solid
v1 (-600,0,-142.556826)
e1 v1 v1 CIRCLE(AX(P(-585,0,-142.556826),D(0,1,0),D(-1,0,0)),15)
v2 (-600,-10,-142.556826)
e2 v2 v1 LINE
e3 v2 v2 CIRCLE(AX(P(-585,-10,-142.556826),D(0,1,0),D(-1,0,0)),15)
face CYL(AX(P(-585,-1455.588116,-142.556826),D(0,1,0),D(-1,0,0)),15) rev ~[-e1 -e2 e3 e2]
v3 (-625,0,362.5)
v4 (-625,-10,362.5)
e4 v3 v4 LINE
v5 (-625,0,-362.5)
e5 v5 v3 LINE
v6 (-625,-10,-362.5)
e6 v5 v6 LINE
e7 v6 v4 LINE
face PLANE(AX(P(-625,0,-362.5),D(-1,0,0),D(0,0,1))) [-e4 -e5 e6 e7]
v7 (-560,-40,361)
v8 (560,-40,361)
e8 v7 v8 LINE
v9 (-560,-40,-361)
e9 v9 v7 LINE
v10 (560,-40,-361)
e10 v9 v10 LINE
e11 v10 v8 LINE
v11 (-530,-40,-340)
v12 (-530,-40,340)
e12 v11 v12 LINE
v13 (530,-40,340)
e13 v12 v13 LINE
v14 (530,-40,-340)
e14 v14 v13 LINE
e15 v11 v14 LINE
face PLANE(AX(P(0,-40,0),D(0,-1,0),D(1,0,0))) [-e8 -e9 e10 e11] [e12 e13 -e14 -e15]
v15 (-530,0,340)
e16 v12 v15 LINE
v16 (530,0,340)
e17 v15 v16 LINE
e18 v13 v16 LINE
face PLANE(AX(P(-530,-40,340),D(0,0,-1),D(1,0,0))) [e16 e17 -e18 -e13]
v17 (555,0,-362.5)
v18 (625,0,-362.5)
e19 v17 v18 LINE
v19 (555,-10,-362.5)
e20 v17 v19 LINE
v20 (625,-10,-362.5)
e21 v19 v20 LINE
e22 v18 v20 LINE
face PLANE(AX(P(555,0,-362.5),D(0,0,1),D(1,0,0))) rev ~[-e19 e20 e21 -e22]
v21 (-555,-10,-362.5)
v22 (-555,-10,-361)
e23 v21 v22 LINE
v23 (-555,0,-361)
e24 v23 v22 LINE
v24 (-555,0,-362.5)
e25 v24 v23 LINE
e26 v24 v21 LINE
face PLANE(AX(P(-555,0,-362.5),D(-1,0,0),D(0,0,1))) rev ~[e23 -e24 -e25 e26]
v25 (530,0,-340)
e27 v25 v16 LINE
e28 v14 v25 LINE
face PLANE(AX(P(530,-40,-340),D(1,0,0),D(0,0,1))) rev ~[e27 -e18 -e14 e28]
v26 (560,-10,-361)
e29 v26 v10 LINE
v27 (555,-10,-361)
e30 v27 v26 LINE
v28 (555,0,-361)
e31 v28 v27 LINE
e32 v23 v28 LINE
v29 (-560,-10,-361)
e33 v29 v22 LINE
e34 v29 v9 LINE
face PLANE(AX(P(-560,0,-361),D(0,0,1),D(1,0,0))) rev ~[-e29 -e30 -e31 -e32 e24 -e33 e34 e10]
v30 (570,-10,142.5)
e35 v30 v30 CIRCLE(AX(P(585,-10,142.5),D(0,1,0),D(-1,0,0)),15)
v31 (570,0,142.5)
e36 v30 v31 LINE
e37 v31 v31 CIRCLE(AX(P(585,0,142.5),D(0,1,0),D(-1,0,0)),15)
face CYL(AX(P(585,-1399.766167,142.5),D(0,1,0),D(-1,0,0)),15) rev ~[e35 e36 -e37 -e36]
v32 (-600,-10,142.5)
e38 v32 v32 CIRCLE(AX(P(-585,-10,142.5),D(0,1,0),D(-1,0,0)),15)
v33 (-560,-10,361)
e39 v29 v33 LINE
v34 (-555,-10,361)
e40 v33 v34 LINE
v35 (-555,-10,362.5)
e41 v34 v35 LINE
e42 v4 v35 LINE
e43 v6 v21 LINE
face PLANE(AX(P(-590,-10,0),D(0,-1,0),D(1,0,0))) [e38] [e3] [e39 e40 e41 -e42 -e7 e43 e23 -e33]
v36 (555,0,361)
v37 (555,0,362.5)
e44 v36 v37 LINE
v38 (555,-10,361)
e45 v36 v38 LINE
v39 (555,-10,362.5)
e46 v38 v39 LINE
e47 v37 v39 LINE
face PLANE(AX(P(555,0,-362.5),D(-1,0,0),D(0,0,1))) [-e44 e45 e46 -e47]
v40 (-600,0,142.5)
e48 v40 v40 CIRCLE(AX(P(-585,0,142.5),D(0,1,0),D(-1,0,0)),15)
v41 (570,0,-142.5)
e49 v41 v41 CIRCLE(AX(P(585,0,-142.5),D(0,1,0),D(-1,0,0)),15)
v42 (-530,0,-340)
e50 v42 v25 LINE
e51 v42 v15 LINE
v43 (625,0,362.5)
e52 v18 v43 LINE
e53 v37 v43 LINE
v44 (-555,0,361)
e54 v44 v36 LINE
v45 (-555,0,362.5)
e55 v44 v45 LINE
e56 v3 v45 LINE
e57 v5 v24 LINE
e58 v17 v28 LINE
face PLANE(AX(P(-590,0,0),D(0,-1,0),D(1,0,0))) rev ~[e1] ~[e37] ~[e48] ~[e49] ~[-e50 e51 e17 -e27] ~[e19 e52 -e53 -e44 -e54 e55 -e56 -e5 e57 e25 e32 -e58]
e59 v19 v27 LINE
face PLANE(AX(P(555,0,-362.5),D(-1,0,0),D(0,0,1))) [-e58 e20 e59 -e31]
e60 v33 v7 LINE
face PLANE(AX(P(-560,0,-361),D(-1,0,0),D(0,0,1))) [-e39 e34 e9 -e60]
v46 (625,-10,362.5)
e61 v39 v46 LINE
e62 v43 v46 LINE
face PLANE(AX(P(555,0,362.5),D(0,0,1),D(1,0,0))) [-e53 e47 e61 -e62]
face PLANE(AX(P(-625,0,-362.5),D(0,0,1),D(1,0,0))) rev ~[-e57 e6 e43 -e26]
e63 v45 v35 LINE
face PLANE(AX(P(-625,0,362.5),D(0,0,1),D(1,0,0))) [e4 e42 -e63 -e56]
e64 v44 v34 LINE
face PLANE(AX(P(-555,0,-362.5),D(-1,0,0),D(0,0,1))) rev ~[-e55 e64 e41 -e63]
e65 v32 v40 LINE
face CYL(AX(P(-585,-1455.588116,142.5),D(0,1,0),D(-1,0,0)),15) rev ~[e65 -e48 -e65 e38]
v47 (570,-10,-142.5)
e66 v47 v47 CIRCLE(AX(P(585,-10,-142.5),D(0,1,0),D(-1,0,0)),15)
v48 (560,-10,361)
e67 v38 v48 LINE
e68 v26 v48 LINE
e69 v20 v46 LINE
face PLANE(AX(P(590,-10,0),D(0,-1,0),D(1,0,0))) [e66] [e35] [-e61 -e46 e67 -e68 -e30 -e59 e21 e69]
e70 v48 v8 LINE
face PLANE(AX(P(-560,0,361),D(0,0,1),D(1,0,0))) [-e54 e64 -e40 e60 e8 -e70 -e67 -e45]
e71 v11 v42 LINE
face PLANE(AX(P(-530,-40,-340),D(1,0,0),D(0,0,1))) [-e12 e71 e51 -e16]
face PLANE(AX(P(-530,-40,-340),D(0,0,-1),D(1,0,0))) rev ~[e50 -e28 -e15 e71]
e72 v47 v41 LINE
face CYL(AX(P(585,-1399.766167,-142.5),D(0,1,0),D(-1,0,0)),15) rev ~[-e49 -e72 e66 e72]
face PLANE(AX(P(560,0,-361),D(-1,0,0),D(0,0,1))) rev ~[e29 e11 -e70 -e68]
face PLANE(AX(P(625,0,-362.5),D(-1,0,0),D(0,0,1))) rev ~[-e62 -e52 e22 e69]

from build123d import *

# Parameters (mm, degrees)
F0_W      = 1120
F0_H      = 722
F1_DEPTH  = 40
F2_W      = 70
F2_H      = 725
F3_DEPTH  = 10
F5_D      = 30
F7_D      = 30
F8_W      = 70
F8_H      = 725
F9_DEPTH  = 10
F11_D     = 30
F12_W     = 1060
F12_H     = 680
F13_DEPTH = 40.001


with BuildPart() as f1:
    # F0 (on Front) → F1 (new body)
    with BuildSketch(Plane.XZ):
        Rectangle(F0_W, F0_H)
    extrude(amount=F1_DEPTH)

    # F2 (on Front) → F3 (join)
    with BuildSketch(Plane.XZ):
        with Locations((590, 0)):
            Rectangle(F2_W, F2_H)
    extrude(amount=F3_DEPTH)

    # F5 (through all)
    with Locations(Plane.XZ.offset(10)):
        with Locations((585, 142.5)):
            Hole(F5_D / 2)

    # F7 (through all)
    with Locations(Plane.XZ.offset(10)):
        with Locations((585, -142.5)):
            Hole(F7_D / 2)

    # F8 (on Front) → F9 (join)
    with BuildSketch(Plane.XZ):
        with Locations((-590, 0)):
            Rectangle(F8_W, F8_H)
    extrude(amount=F9_DEPTH)

    # F11 (through all)
    with Locations(Plane.XZ.offset(10)):
        with Locations((-585, 142.5), (-585, -142.556826)):
            Hole(F11_D / 2)

    # F12 (on face) → F13 (cut, through all)
    with BuildSketch(Plane.XZ.offset(40)):
        Rectangle(F12_W, F12_H)
    extrude(amount=-F13_DEPTH, mode=Mode.SUBTRACT)


solid = f1.part
